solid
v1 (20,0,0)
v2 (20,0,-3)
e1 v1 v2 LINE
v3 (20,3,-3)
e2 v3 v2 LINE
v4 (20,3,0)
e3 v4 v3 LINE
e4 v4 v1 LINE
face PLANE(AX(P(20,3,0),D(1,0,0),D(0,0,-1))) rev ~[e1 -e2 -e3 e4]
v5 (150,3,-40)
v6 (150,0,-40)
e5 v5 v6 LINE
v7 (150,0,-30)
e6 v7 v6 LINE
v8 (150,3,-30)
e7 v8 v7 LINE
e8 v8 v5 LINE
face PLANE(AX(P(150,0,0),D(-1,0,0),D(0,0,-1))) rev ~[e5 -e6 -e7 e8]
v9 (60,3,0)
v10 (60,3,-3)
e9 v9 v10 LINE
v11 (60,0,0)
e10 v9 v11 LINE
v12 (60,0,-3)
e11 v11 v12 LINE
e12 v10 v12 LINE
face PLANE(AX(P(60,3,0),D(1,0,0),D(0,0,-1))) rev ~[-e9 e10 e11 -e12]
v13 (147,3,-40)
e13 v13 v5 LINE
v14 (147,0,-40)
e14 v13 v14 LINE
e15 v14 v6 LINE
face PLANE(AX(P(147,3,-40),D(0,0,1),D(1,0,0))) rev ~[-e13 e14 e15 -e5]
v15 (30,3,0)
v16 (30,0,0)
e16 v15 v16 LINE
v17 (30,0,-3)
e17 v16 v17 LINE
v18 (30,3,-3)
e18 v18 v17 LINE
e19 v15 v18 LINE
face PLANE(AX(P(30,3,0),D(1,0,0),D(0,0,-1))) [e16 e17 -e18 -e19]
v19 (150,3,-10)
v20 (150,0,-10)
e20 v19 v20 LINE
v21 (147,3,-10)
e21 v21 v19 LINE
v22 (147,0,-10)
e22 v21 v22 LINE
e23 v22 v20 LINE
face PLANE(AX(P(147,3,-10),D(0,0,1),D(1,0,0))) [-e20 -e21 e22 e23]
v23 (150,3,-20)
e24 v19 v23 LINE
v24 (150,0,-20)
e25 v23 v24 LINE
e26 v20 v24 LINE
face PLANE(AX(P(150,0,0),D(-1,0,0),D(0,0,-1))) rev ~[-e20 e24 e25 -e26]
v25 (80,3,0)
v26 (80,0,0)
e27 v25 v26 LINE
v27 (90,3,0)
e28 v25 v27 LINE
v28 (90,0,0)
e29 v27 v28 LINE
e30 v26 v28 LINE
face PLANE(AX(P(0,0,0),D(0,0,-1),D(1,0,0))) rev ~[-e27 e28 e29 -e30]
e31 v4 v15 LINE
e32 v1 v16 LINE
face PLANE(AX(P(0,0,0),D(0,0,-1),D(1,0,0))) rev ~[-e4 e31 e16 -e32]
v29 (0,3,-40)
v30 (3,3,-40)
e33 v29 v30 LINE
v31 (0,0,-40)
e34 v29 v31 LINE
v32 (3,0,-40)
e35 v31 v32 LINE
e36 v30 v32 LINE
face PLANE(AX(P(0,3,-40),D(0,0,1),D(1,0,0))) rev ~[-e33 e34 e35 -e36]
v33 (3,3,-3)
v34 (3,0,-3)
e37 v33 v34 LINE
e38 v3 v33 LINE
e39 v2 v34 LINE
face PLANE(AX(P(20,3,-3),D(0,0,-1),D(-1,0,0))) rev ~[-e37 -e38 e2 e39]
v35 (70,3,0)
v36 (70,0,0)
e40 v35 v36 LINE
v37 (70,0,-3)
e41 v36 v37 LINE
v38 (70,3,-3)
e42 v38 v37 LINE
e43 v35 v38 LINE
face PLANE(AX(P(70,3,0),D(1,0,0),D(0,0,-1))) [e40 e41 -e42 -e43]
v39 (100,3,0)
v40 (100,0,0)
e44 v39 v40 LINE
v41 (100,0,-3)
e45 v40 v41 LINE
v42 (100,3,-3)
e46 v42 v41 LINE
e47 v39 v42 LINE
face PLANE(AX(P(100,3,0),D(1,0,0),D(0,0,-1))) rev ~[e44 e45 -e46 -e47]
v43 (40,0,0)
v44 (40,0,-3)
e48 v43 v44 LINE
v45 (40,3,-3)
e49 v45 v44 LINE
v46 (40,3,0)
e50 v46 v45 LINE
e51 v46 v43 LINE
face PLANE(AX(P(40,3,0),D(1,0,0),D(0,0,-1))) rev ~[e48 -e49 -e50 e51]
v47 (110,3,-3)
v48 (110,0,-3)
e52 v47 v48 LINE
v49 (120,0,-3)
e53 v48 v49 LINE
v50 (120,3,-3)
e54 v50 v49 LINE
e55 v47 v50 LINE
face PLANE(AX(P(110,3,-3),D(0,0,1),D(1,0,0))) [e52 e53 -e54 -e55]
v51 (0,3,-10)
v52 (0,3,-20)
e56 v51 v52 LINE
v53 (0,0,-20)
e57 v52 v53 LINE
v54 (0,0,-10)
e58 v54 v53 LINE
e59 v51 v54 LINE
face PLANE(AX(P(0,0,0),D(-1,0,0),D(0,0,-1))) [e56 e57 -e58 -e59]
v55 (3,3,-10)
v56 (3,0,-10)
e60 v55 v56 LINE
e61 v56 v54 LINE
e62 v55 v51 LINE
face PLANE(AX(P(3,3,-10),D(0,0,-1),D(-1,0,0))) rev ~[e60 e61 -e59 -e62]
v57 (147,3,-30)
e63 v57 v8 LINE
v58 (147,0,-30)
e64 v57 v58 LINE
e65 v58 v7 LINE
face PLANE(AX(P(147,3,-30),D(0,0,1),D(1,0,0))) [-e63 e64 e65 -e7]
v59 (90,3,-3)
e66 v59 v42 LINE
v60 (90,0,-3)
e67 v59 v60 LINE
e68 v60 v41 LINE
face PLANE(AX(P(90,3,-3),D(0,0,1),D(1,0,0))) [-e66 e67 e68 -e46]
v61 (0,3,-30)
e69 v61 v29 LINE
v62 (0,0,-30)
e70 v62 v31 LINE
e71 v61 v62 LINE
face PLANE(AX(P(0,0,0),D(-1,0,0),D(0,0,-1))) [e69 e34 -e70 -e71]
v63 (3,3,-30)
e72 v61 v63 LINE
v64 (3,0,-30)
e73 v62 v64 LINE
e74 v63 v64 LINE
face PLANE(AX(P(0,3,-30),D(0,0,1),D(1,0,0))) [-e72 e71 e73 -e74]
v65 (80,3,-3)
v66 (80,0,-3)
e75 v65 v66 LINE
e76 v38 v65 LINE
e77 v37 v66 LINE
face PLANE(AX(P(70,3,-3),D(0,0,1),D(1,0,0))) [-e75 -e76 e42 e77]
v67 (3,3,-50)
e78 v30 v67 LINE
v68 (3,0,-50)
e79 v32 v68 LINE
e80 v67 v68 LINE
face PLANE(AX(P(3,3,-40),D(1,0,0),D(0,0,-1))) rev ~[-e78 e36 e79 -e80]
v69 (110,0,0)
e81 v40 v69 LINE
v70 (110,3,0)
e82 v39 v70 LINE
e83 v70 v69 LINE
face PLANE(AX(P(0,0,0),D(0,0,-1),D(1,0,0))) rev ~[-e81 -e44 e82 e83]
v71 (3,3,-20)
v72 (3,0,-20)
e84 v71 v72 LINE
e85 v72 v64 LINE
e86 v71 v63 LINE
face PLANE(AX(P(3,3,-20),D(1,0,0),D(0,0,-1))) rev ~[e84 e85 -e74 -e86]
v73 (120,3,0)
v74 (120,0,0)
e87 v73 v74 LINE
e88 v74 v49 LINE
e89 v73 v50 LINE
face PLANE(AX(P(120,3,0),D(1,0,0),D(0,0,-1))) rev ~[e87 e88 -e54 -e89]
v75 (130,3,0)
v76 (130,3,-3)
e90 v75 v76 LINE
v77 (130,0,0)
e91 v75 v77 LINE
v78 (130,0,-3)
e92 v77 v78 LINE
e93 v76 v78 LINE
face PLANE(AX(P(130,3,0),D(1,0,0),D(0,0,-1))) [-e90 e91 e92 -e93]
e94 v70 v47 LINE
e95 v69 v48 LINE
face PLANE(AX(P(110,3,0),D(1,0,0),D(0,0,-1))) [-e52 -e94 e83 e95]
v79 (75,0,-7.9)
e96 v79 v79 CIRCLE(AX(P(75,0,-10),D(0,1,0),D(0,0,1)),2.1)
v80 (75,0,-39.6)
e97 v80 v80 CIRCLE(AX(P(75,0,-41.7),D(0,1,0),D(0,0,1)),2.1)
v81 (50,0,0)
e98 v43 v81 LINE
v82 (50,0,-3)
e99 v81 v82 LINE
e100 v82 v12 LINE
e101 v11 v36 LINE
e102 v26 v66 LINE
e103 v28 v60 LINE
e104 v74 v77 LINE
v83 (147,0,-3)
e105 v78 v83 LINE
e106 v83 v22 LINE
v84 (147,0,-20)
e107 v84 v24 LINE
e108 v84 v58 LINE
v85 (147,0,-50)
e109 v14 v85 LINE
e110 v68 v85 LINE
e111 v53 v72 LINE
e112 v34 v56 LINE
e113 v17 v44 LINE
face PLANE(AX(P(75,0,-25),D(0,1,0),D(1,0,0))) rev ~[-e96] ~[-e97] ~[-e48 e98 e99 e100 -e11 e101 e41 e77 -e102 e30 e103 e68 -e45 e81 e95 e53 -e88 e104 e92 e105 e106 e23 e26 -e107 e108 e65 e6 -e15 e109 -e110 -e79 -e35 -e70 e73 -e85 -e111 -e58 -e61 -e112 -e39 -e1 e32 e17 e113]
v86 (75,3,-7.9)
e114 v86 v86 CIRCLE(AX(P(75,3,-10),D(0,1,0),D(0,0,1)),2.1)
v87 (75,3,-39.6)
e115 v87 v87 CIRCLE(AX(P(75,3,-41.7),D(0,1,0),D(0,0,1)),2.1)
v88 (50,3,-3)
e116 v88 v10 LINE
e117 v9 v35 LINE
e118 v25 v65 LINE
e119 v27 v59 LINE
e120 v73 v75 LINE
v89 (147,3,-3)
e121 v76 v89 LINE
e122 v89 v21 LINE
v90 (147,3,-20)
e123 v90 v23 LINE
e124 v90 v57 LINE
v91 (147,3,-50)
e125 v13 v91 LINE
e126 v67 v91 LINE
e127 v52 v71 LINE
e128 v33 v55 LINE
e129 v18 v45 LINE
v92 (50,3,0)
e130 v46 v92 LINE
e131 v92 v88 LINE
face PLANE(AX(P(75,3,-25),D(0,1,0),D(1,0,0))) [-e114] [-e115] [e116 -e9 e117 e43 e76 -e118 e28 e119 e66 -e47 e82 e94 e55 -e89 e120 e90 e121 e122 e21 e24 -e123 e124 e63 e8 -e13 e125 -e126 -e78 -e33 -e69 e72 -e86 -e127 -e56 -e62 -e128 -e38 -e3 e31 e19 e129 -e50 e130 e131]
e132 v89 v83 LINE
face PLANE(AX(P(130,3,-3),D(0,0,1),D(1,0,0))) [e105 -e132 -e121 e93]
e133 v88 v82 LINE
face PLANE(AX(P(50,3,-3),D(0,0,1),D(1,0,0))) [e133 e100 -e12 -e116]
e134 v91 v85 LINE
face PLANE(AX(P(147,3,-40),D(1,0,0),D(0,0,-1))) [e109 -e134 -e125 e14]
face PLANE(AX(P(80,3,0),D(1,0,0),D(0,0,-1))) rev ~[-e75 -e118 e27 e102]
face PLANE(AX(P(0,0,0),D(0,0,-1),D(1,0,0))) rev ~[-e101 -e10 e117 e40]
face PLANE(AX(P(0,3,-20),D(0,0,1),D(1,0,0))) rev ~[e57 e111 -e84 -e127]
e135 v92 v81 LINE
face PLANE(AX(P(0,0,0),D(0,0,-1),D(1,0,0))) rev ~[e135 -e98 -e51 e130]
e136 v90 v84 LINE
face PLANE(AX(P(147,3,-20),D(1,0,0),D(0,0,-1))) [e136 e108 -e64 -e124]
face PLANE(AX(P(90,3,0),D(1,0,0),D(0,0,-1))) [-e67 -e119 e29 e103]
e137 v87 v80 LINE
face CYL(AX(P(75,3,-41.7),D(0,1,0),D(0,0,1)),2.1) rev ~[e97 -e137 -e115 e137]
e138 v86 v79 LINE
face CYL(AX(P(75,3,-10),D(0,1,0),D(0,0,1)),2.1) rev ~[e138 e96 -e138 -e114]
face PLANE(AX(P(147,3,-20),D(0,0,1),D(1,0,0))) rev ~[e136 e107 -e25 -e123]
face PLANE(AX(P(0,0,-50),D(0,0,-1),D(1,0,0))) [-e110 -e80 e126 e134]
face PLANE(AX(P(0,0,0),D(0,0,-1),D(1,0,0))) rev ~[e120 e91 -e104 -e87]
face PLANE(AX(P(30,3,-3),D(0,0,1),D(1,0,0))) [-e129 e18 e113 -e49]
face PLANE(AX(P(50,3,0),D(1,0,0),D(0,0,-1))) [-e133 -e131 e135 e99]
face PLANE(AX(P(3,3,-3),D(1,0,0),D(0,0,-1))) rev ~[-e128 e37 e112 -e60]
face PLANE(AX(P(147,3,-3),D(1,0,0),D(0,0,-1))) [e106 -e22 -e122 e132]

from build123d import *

# Parameters (mm, degrees)
MDFESB_W       = 150
MDFESB_H       = 50
MDF_DEPTH      = 3
ENCAIXEESB_W   = 10
ENCAIXEESB_H   = 3
ENCAIXEESB_W_2 = 3
ENCAIXEESB_H_2 = 10
ENCAIXE_DEPTH  = 3
USESB_R        = 2.1
US_DEPTH       = 3


with BuildPart() as part:
    # mdfEsb → mdf (new body)
    with BuildSketch(Plane(origin=(0, 0, 0), x_dir=(1, 0, 0), z_dir=(0, 1, 0))):
        with Locations((75, 25)):
            Rectangle(MDFESB_W, MDFESB_H)
    extrude(amount=MDF_DEPTH)

    # encaixeEsb → encaixe (cut)
    with BuildSketch(Plane(origin=(0, 3, 0), x_dir=(1, 0, 0), z_dir=(0, 1, 0))):
        Polygon((0, 0), (20, 0), (20, 3), (3, 3), (3, 10), (0, 10), (0, 3), align=None)
        Polygon((150, 0), (130, 0), (130, 3), (147, 3), (147, 10), (150, 10), (150, 3), align=None)
        with Locations((35, 1.5)):
            Rectangle(ENCAIXEESB_W, ENCAIXEESB_H)
        with Locations((55, 1.5)):
            Rectangle(ENCAIXEESB_W, ENCAIXEESB_H)
        with Locations((75, 1.5)):
            Rectangle(ENCAIXEESB_W, ENCAIXEESB_H)
        with Locations((95, 1.5)):
            Rectangle(ENCAIXEESB_W, ENCAIXEESB_H)
        with Locations((115, 1.5)):
            Rectangle(ENCAIXEESB_W, ENCAIXEESB_H)
        with Locations((1.5, 25)):
            Rectangle(ENCAIXEESB_W_2, ENCAIXEESB_H_2)
        with Locations((1.5, 45)):
            Rectangle(ENCAIXEESB_W_2, ENCAIXEESB_H_2)
        with Locations((1.5, 65)):
            Rectangle(ENCAIXEESB_W_2, ENCAIXEESB_H_2)
        with Locations((1.5, 85)):
            Rectangle(ENCAIXEESB_W_2, ENCAIXEESB_H_2)
        with Locations((1.5, 105)):
            Rectangle(ENCAIXEESB_W_2, ENCAIXEESB_H_2)
        with Locations((148.5, 105)):
            Rectangle(ENCAIXEESB_W_2, ENCAIXEESB_H_2)
        with Locations((148.5, 85)):
            Rectangle(ENCAIXEESB_W_2, ENCAIXEESB_H_2)
        with Locations((148.5, 65)):
            Rectangle(ENCAIXEESB_W_2, ENCAIXEESB_H_2)
        with Locations((148.5, 45)):
            Rectangle(ENCAIXEESB_W_2, ENCAIXEESB_H_2)
        with Locations((148.5, 25)):
            Rectangle(ENCAIXEESB_W_2, ENCAIXEESB_H_2)
    extrude(amount=-ENCAIXE_DEPTH, mode=Mode.SUBTRACT)

    # USEsb → US (cut)
    with BuildSketch(Plane(origin=(0, 3, 0), x_dir=(1, 0, 0), z_dir=(0, 1, 0))):
        with Locations(Location((75, 41.7, 0), (0, 0, 270))):
            Circle(USESB_R)
        with Locations(Location((75, 10, 0), (0, 0, 270))):
            Circle(USESB_R)
    extrude(amount=-US_DEPTH, mode=Mode.SUBTRACT)


solid = part.part
